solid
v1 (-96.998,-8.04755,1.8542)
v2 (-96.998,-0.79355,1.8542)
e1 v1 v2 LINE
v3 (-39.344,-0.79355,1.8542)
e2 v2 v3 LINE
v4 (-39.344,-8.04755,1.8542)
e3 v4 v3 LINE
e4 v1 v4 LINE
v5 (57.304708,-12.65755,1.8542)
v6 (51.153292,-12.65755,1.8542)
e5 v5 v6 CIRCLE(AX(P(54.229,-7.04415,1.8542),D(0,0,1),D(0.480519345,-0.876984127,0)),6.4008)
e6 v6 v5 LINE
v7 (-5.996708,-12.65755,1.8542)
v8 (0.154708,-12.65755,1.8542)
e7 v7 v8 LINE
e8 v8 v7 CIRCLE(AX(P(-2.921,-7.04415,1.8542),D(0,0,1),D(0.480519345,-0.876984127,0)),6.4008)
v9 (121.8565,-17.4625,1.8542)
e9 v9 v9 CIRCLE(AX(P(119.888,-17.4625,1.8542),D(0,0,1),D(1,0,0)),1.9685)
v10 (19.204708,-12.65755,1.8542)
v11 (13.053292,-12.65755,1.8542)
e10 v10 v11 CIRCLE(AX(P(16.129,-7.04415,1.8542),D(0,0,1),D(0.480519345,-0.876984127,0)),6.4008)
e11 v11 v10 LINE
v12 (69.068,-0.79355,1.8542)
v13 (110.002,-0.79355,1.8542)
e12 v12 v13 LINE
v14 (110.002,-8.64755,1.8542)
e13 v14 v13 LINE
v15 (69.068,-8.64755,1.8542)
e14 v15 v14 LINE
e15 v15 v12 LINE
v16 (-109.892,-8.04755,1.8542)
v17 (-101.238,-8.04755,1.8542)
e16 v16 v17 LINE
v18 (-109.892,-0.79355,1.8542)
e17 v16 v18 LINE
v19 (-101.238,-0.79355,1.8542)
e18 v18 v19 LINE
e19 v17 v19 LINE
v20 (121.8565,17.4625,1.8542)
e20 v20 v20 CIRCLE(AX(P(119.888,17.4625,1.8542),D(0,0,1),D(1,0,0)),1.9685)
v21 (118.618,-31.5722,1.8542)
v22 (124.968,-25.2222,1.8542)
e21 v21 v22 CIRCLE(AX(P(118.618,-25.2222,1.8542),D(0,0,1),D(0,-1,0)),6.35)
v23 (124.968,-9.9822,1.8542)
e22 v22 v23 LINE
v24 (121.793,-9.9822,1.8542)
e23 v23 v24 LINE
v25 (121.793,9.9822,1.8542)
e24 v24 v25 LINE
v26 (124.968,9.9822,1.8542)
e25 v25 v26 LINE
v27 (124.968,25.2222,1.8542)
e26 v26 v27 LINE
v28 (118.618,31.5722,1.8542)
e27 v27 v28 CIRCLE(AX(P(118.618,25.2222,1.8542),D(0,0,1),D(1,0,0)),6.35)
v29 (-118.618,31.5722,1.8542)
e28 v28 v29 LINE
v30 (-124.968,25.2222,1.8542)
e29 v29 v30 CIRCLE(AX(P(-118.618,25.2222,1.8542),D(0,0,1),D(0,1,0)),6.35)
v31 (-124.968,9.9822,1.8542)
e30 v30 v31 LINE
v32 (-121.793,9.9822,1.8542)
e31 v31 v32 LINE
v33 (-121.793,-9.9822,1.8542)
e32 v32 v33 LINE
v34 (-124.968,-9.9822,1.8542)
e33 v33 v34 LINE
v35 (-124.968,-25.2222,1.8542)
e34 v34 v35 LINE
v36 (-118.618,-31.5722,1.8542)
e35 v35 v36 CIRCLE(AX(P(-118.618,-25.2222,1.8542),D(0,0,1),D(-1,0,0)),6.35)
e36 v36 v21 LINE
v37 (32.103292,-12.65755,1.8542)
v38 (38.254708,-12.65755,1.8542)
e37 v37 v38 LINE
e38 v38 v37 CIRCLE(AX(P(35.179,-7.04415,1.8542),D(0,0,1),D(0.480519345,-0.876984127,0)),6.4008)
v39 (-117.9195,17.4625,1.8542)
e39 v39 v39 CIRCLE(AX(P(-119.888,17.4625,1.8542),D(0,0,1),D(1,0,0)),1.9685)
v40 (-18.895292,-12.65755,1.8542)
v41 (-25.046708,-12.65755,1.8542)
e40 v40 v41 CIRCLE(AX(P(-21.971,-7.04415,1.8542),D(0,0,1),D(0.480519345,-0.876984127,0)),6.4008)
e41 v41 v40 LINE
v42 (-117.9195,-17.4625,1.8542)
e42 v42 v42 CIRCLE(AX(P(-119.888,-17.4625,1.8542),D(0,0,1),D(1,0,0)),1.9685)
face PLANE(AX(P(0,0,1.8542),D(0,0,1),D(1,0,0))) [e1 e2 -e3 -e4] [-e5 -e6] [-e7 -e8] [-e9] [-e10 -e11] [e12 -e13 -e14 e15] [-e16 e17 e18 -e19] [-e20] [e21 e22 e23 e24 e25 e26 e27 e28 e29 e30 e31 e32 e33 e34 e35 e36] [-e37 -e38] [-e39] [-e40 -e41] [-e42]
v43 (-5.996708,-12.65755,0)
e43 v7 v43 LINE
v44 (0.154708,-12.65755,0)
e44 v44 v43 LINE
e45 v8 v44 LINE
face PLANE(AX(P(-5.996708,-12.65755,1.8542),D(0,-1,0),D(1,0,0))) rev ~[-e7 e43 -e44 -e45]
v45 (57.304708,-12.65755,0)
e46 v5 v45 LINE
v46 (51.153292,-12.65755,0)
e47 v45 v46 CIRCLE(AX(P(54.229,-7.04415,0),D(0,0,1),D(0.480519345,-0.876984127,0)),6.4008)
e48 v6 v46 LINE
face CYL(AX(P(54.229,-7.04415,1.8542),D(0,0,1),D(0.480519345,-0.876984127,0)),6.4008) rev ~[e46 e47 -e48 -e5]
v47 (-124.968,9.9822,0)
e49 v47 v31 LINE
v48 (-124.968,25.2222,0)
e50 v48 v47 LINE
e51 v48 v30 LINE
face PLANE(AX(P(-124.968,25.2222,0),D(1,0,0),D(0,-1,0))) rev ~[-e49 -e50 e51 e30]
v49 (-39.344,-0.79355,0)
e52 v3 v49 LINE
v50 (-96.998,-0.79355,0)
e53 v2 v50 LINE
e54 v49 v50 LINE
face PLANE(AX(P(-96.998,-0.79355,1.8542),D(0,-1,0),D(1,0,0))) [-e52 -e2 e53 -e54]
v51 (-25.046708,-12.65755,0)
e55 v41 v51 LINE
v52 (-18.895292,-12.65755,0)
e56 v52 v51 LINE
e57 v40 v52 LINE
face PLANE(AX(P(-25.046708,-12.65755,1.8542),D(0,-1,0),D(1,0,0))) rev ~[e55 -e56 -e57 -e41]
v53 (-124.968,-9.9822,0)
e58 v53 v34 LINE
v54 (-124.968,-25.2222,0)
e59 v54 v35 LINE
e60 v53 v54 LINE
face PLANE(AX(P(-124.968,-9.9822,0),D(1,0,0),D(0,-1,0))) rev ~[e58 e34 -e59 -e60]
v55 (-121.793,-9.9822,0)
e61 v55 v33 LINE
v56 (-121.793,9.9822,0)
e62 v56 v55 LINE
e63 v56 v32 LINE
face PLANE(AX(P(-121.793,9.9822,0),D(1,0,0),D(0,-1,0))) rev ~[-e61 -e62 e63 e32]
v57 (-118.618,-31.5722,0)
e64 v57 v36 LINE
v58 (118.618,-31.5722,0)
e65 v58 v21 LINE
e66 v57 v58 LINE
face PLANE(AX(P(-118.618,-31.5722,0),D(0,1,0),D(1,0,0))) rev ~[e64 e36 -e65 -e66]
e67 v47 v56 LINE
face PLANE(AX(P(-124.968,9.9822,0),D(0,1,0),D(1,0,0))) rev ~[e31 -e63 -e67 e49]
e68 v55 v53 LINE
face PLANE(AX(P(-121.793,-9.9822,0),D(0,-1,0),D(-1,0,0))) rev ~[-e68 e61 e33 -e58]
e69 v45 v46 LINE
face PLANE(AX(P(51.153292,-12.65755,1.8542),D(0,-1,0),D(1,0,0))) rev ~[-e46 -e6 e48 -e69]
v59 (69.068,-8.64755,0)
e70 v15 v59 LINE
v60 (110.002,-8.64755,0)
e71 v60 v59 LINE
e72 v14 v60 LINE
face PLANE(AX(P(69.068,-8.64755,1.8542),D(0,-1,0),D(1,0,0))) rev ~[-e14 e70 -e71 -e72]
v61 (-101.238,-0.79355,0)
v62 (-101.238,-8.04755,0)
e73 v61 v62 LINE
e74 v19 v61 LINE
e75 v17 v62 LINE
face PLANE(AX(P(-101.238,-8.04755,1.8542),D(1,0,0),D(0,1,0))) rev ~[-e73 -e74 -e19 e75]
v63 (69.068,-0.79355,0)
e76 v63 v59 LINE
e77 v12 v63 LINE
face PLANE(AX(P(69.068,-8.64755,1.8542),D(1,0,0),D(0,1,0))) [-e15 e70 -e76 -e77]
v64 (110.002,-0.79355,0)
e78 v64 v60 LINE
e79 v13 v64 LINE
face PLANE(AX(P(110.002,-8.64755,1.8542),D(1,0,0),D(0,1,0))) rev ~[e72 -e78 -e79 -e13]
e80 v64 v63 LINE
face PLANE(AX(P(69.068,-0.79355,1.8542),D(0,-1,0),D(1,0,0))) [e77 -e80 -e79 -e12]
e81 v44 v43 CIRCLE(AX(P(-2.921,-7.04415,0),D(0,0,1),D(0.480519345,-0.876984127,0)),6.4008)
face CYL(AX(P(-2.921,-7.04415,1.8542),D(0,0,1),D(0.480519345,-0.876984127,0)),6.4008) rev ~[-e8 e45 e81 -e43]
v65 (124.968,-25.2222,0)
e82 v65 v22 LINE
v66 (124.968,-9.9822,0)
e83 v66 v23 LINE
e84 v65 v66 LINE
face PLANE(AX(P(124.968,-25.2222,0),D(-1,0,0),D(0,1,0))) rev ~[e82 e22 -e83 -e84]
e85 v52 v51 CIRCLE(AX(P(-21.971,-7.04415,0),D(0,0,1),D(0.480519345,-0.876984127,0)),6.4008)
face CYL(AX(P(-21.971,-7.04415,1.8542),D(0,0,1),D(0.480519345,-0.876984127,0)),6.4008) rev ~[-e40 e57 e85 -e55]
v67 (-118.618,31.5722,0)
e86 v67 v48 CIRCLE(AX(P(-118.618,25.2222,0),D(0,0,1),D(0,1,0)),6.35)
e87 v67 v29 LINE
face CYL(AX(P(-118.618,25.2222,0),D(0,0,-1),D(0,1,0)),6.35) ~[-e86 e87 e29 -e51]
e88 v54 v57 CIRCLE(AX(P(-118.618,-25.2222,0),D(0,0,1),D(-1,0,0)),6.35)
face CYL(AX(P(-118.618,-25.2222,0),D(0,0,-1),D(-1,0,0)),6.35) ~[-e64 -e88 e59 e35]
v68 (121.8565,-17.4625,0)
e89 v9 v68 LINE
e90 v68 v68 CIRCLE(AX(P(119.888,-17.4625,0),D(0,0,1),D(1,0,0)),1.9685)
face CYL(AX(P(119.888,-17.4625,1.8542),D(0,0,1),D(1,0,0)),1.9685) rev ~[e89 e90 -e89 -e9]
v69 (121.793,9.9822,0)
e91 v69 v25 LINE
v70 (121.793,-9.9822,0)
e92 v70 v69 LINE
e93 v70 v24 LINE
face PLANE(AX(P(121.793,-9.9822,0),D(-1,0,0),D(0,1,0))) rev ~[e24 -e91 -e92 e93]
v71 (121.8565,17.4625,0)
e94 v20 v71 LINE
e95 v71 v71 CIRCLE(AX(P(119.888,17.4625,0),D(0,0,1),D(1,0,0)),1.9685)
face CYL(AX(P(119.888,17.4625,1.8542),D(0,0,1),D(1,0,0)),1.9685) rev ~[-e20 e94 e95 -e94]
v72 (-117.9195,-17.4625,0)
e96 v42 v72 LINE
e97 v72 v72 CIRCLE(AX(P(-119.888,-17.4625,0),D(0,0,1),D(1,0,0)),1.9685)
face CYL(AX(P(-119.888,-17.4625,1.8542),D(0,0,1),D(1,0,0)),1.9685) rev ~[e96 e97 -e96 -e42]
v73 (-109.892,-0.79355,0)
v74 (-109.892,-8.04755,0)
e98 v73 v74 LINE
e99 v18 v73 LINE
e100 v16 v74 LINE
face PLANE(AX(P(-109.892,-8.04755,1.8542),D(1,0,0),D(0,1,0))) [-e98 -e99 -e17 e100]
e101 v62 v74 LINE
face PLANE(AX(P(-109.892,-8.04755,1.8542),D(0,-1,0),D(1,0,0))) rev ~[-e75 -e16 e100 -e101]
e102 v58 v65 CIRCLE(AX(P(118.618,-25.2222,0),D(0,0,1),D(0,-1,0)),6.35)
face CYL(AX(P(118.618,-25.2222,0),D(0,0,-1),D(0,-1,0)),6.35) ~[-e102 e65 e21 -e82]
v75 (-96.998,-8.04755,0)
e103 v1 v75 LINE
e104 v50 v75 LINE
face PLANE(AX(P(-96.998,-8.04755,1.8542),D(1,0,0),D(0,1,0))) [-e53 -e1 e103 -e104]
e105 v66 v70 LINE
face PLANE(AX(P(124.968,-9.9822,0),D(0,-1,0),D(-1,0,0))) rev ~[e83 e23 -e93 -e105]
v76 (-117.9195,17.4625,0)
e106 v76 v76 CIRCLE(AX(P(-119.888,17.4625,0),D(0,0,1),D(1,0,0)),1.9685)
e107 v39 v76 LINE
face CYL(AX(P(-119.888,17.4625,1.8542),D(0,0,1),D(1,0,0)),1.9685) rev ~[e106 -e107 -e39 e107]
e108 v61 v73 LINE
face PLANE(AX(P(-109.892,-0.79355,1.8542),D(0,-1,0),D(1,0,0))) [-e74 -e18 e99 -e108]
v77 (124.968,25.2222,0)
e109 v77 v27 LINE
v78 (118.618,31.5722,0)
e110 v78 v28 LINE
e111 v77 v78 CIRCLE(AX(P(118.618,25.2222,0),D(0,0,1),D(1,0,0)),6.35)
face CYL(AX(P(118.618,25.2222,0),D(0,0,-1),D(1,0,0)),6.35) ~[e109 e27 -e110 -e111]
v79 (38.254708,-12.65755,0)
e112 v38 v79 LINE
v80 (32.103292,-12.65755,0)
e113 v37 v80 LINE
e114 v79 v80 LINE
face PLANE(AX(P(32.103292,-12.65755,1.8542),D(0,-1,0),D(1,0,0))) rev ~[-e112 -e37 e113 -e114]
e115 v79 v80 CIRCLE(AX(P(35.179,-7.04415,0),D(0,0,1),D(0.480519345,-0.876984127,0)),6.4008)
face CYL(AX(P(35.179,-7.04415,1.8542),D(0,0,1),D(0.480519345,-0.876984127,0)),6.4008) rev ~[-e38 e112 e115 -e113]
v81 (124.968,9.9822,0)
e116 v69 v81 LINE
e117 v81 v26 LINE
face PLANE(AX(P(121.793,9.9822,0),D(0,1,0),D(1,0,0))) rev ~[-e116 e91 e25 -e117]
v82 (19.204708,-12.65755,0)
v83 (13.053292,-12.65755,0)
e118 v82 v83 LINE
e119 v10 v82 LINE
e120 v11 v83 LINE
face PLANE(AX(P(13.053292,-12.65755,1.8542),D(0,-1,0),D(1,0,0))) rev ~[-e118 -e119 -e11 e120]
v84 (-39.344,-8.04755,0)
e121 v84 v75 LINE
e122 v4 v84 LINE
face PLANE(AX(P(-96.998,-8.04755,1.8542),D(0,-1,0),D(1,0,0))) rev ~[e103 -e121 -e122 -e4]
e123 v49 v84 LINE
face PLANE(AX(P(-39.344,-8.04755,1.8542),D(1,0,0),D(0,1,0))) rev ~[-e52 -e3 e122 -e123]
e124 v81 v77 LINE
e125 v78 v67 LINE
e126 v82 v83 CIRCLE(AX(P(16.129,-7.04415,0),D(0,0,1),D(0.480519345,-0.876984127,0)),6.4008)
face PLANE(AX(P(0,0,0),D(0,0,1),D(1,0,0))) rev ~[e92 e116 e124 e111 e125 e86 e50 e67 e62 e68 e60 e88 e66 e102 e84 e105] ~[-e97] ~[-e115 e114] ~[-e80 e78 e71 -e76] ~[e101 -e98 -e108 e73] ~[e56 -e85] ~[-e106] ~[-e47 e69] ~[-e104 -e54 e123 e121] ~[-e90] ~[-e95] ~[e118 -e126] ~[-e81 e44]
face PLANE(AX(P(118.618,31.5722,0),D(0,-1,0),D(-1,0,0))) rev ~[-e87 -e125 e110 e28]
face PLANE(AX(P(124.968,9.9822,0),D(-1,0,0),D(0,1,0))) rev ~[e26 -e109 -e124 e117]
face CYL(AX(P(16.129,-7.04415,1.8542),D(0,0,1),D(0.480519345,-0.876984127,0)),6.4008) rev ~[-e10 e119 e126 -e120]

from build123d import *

# Parameters (mm, degrees)
MAINBODY_DEPTH    = 1.8542
SKETCH3_R         = 1.9685
MOUNTHOLES_DEPTH  = 129.907885308
PANELCUTOUT_REACH = 130.908
SKETCH4_W         = 40.934
SKETCH4_H         = 7.854
SKETCH4_W_2       = 57.654
SKETCH4_H_2       = 7.254
SKETCH4_W_3       = 8.654


with BuildPart() as part:
    # Sketch2 → MainBody (new body)
    with BuildSketch(Plane.XY):
        with BuildLine():
            Line((118.618, 31.5722), (-118.618, 31.5722))
            ThreePointArc((-118.618, 31.5722), (-123.108128061, 29.712328061), (-124.968, 25.2222))
            Line((-124.968, 25.2222), (-124.968, 9.9822))
            Line((-124.968, 9.9822), (-121.793, 9.9822))
            Line((-121.793, 9.9822), (-121.793, -9.9822))
            Line((-121.793, -9.9822), (-124.968, -9.9822))
            Line((-124.968, -9.9822), (-124.968, -25.2222))
            ThreePointArc((-124.968, -25.2222), (-123.108128061, -29.712328061), (-118.618, -31.5722))
            Line((-118.618, -31.5722), (118.618, -31.5722))
            ThreePointArc((118.618, -31.5722), (123.108128061, -29.712328061), (124.968, -25.2222))
            Line((124.968, -25.2222), (124.968, -9.9822))
            Line((124.968, -9.9822), (121.793, -9.9822))
            Line((121.793, -9.9822), (121.793, 9.9822))
            Line((121.793, 9.9822), (124.968, 9.9822))
            Line((124.968, 9.9822), (124.968, 25.2222))
            ThreePointArc((124.968, 25.2222), (123.108128061, 29.712328061), (118.618, 31.5722))
        make_face()
    extrude(amount=MAINBODY_DEPTH)

    # Sketch3 → MountHoles (cut, through all)
    with BuildSketch(Plane.XY.offset(1.8542)):
        with Locations((-119.888, 17.4625)):
            Circle(SKETCH3_R)
        with Locations((119.888, 17.4625)):
            Circle(SKETCH3_R)
        with Locations((119.888, -17.4625)):
            Circle(SKETCH3_R)
        with Locations((-119.888, -17.4625)):
            Circle(SKETCH3_R)
    extrude(amount=-MOUNTHOLES_DEPTH, mode=Mode.SUBTRACT)

    # Sketch4 → PanelCutout (cut, up to next)
    with BuildSketch(Plane.XY.offset(1.8542), mode=Mode.PRIVATE) as panelcutout_sk1:
        with BuildLine():
            Line((51.153291776, -12.65754977), (57.304708224, -12.65754977))
            ThreePointArc((57.304708224, -12.65754977), (54.229, -0.64334977), (51.153291776, -12.65754977))
        make_face()
    panelcutout_tool1 = extrude(panelcutout_sk1.sketch, amount=-PANELCUTOUT_REACH, mode=Mode.PRIVATE) & part.part
    # Sketch4 → PanelCutout (cut, up to next)
    with BuildSketch(Plane.XY.offset(1.8542), mode=Mode.PRIVATE) as panelcutout_sk2:
        with Locations((89.535, -4.72055)):
            Rectangle(SKETCH4_W, SKETCH4_H)
    panelcutout_tool2 = extrude(panelcutout_sk2.sketch, amount=-PANELCUTOUT_REACH, mode=Mode.PRIVATE) & part.part
    # Sketch4 → PanelCutout (cut, up to next)
    with BuildSketch(Plane.XY.offset(1.8542), mode=Mode.PRIVATE) as panelcutout_sk3:
        with BuildLine():
            Line((32.103291776, -12.65754977), (38.254708224, -12.65754977))
            ThreePointArc((38.254708224, -12.65754977), (35.179, -0.64334977), (32.103291776, -12.65754977))
        make_face()
    panelcutout_tool3 = extrude(panelcutout_sk3.sketch, amount=-PANELCUTOUT_REACH, mode=Mode.PRIVATE) & part.part
    # Sketch4 → PanelCutout (cut, up to next)
    with BuildSketch(Plane.XY.offset(1.8542), mode=Mode.PRIVATE) as panelcutout_sk4:
        with BuildLine():
            Line((13.053291776, -12.65754977), (19.204708224, -12.65754977))
            ThreePointArc((19.204708224, -12.65754977), (16.129, -0.64334977), (13.053291776, -12.65754977))
        make_face()
    panelcutout_tool4 = extrude(panelcutout_sk4.sketch, amount=-PANELCUTOUT_REACH, mode=Mode.PRIVATE) & part.part
    # Sketch4 → PanelCutout (cut, up to next)
    with BuildSketch(Plane.XY.offset(1.8542), mode=Mode.PRIVATE) as panelcutout_sk5:
        with BuildLine():
            Line((-5.996708224, -12.65754977), (0.154708224, -12.65754977))
            ThreePointArc((0.154708224, -12.65754977), (-2.921, -0.64334977), (-5.996708224, -12.65754977))
        make_face()
    panelcutout_tool5 = extrude(panelcutout_sk5.sketch, amount=-PANELCUTOUT_REACH, mode=Mode.PRIVATE) & part.part
    # Sketch4 → PanelCutout (cut, up to next)
    with BuildSketch(Plane.XY.offset(1.8542), mode=Mode.PRIVATE) as panelcutout_sk6:
        with BuildLine():
            Line((-25.046708224, -12.65754977), (-18.895291776, -12.65754977))
            ThreePointArc((-18.895291776, -12.65754977), (-21.971, -0.64334977), (-25.046708224, -12.65754977))
        make_face()
    panelcutout_tool6 = extrude(panelcutout_sk6.sketch, amount=-PANELCUTOUT_REACH, mode=Mode.PRIVATE) & part.part
    # Sketch4 → PanelCutout (cut, up to next)
    with BuildSketch(Plane.XY.offset(1.8542), mode=Mode.PRIVATE) as panelcutout_sk7:
        with Locations((-68.171, -4.42055)):
            Rectangle(SKETCH4_W_2, SKETCH4_H_2)
    panelcutout_tool7 = extrude(panelcutout_sk7.sketch, amount=-PANELCUTOUT_REACH, mode=Mode.PRIVATE) & part.part
    # Sketch4 → PanelCutout (cut, up to next)
    with BuildSketch(Plane.XY.offset(1.8542), mode=Mode.PRIVATE) as panelcutout_sk8:
        with Locations((-105.5650001, -4.42055)):
            Rectangle(SKETCH4_W_3, SKETCH4_H_2)
    panelcutout_tool8 = extrude(panelcutout_sk8.sketch, amount=-PANELCUTOUT_REACH, mode=Mode.PRIVATE) & part.part
    add(panelcutout_tool1.solids().sort_by_distance((54.229, -6.889516, 1.8542))[0], mode=Mode.SUBTRACT)
    add(panelcutout_tool2.solids().sort_by_distance((89.535, -4.72055, 1.8542))[0], mode=Mode.SUBTRACT)
    add(panelcutout_tool3.solids().sort_by_distance((35.179, -6.889516, 1.8542))[0], mode=Mode.SUBTRACT)
    add(panelcutout_tool4.solids().sort_by_distance((16.129, -6.889516, 1.8542))[0], mode=Mode.SUBTRACT)
    add(panelcutout_tool5.solids().sort_by_distance((-2.921, -6.889516, 1.8542))[0], mode=Mode.SUBTRACT)
    add(panelcutout_tool6.solids().sort_by_distance((-21.971, -6.889516, 1.8542))[0], mode=Mode.SUBTRACT)
    add(panelcutout_tool7.solids().sort_by_distance((-68.171, -4.42055, 1.8542))[0], mode=Mode.SUBTRACT)
    add(panelcutout_tool8.solids().sort_by_distance((-105.565, -4.42055, 1.8542))[0], mode=Mode.SUBTRACT)


solid = part.part
